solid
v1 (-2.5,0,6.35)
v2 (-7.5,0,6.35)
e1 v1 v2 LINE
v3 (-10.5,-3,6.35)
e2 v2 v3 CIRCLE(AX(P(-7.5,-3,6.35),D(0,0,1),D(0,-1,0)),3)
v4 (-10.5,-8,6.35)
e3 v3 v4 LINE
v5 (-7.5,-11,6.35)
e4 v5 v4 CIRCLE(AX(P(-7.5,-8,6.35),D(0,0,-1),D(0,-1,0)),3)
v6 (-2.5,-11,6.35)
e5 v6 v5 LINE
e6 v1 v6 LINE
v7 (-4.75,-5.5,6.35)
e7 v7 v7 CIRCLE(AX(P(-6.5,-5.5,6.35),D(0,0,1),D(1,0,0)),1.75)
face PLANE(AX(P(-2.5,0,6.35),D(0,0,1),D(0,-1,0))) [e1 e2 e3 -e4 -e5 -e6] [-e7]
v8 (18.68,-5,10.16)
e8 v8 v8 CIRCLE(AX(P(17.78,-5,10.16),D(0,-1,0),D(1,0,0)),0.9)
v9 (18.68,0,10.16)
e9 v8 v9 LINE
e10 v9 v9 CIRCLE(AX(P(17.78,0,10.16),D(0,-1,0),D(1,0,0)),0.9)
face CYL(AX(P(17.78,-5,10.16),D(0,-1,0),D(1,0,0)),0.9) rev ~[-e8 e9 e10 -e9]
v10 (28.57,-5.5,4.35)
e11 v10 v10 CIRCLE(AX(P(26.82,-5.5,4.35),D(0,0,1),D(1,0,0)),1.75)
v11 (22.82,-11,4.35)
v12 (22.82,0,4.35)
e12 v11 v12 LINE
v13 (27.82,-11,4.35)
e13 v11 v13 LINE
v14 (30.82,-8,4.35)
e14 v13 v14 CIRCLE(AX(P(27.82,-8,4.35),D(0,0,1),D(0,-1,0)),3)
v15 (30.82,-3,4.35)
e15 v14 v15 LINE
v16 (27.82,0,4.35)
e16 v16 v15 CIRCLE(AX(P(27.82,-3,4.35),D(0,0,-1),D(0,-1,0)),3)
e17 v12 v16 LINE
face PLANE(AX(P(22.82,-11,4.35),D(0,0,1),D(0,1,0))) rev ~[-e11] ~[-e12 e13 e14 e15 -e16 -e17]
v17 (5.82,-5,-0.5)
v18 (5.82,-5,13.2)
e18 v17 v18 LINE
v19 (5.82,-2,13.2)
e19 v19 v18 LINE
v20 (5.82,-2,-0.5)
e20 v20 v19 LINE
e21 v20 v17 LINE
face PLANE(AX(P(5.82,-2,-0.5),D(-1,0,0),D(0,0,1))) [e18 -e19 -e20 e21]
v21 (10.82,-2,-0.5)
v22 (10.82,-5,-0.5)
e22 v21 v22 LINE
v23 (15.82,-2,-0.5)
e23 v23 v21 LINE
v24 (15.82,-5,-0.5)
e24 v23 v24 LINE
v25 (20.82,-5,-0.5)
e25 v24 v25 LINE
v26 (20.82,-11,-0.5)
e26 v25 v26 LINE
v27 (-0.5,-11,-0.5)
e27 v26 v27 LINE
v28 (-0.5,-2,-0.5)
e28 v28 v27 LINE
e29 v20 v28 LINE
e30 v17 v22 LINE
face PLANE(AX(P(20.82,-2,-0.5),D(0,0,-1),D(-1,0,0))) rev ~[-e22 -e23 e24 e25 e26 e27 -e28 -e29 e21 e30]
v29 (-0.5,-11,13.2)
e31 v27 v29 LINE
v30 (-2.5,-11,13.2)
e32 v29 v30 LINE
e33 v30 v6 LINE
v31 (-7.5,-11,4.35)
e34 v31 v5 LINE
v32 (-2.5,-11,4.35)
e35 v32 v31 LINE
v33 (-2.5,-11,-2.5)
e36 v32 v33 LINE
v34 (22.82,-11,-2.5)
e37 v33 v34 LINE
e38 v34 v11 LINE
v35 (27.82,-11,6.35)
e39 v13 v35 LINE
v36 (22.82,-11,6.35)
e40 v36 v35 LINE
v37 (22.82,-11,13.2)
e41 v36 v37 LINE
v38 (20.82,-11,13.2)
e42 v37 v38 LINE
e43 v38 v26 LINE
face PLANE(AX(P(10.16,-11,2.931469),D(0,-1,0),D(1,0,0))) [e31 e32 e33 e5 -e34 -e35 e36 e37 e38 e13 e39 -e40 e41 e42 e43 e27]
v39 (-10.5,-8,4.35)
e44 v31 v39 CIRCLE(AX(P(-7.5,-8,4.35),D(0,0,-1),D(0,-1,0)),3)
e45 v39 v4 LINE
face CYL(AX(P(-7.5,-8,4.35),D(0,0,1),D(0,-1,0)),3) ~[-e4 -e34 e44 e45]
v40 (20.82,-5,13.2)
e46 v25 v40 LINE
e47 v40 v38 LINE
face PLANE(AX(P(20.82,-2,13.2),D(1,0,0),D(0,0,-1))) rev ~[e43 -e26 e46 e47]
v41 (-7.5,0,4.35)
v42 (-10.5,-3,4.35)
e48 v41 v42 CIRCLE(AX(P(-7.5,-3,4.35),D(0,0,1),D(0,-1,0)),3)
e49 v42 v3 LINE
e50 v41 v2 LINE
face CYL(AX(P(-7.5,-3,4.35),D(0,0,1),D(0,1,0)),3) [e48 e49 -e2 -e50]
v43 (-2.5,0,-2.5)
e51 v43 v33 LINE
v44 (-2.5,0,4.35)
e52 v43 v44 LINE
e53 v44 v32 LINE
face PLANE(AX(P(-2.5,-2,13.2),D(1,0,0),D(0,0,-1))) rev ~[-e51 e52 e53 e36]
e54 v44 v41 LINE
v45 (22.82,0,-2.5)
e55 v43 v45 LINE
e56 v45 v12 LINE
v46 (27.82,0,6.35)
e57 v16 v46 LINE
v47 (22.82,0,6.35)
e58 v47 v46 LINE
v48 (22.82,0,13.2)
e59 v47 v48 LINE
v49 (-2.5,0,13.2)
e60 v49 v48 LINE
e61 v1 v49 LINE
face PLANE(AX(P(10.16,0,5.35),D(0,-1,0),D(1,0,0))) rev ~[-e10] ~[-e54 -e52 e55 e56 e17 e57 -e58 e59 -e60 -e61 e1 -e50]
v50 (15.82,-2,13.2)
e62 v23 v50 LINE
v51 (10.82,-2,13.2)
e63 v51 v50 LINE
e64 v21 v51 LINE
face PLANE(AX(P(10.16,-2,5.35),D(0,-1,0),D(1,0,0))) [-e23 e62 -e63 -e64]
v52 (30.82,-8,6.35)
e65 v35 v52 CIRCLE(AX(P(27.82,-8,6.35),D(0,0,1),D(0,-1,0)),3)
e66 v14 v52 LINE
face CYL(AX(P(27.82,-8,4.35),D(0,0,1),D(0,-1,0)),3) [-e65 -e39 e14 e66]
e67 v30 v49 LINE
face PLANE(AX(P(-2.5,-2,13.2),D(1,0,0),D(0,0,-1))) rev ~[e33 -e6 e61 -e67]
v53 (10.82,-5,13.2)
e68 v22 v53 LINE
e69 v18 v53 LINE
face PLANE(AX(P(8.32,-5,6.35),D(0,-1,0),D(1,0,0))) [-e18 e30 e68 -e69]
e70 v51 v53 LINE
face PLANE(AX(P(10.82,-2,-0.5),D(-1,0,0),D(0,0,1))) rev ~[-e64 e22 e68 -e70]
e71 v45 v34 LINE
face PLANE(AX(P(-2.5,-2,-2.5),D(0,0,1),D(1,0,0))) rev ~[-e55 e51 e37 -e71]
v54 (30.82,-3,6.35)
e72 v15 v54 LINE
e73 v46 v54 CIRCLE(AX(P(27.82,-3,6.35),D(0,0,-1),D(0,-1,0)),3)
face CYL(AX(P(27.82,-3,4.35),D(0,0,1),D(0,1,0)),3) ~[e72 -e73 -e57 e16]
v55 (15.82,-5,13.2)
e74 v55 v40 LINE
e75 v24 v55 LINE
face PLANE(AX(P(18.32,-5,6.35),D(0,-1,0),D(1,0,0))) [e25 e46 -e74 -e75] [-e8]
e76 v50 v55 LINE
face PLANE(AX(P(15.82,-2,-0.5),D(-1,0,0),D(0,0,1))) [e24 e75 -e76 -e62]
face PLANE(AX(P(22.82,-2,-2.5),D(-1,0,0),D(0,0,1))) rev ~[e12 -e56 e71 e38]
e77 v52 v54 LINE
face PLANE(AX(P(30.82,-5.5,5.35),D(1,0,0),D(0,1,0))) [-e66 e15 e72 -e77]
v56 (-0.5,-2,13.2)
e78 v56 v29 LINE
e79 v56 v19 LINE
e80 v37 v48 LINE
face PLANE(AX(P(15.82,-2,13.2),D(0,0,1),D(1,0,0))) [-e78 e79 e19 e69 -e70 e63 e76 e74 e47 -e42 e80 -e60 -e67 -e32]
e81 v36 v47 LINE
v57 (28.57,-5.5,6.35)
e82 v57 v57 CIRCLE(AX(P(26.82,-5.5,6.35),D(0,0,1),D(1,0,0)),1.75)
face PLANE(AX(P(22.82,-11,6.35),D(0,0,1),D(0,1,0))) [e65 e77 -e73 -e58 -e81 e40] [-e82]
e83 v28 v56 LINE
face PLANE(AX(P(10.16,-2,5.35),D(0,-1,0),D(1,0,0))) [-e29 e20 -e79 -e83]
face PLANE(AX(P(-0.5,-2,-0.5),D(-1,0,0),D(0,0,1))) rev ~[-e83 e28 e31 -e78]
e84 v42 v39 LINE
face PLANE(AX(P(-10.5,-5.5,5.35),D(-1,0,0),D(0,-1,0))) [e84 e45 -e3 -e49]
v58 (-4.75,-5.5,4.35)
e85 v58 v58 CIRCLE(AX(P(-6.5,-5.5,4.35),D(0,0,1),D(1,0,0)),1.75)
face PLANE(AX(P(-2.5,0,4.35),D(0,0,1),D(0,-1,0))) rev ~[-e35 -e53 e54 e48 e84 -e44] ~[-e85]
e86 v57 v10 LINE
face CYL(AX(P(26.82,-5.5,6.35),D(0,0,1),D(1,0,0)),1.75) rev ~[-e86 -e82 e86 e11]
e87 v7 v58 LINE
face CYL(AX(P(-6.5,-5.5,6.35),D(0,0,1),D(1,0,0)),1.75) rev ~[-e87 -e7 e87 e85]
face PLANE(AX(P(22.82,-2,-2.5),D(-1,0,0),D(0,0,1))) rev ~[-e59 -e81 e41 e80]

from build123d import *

# Parameters (mm, degrees)
F0_W      = 25.32
F0_H      = 15.7
F1_DEPTH  = 2
F3_DEPTH  = 9
F4_W      = 5
F4_H      = 13.7
F5_DEPTH  = 3
F6_R      = 0.9
F7_DEPTH  = 5.001
F8_W      = 11
F8_H      = 2
F9_DEPTH  = 8
F10_R     = 3
F11_W     = 11
F11_H     = 2
F12_DEPTH = 8
F13_R     = 3
F14_R     = 1.75
F15_DEPTH = 8.851
F16_R     = 1.75
F17_DEPTH = 8.851


with BuildPart() as f1:
    # F0 (on Front) → F1 (new body)
    with BuildSketch(Plane.XZ):
        with Locations((10.16, 5.35)):
            Rectangle(F0_W, F0_H)
    extrude(amount=F1_DEPTH)

    # F2 (on face) → F3 (join)
    with BuildSketch(Plane.XZ.offset(2)):
        Polygon((-2.5, 13.2), (-2.5, -2.5), (22.82, -2.5), (22.82, 13.2), (20.82, 13.2), (20.82, -0.5), (-0.5, -0.5), (-0.5, 13.2), align=None)
    extrude(amount=F3_DEPTH)

    # F4 (on face) → F5 (join)
    with BuildSketch(Plane.XZ.offset(2)):
        with Locations((8.32, 6.35)):
            Rectangle(F4_W, F4_H)
        with Locations((18.32, 6.35)):
            Rectangle(F4_W, F4_H)
    extrude(amount=F5_DEPTH)

    # F6 (on face) → F7 (cut, through all)
    with BuildSketch(Plane.XZ.offset(5)):
        with Locations((17.78, 10.16)):
            Circle(F6_R)
    extrude(amount=-F7_DEPTH, mode=Mode.SUBTRACT)

    # F8 (on face) → F9 (join)
    with BuildSketch(Plane(origin=(-2.5, 0, 0), x_dir=(0, -1, 0), z_dir=(-1, 0, 0))):
        with Locations((5.5, 5.35)):
            Rectangle(F8_W, F8_H)
    extrude(amount=F9_DEPTH)

    # F10
    f10_edges = [f1.edges().sort_by_distance(p)[0] for p in [
        (-10.5, -11, 5.35),
        (-10.5, 0, 5.35),
    ]]
    fillet(f10_edges, radius=F10_R)

    # F11 (on face) → F12 (join)
    with BuildSketch(Plane.YZ.offset(22.82)):
        with Locations((-5.5, 5.35)):
            Rectangle(F11_W, F11_H)
    extrude(amount=F12_DEPTH)

    # F13
    f13_edges = [f1.edges().sort_by_distance(p)[0] for p in [
        (30.82, -11, 5.35),
        (30.82, 0, 5.35),
    ]]
    fillet(f13_edges, radius=F13_R)

    # F14 (on face) → F15 (cut, through all)
    with BuildSketch(Plane.XY.offset(6.35)):
        with Locations((-6.5, -5.5)):
            Circle(F14_R)
    extrude(amount=-F15_DEPTH, mode=Mode.SUBTRACT)

    # F16 (on face) → F17 (cut, through all)
    with BuildSketch(Plane.XY.offset(6.35)):
        with Locations((26.82, -5.5)):
            Circle(F16_R)
    extrude(amount=-F17_DEPTH, mode=Mode.SUBTRACT)


solid = f1.part
